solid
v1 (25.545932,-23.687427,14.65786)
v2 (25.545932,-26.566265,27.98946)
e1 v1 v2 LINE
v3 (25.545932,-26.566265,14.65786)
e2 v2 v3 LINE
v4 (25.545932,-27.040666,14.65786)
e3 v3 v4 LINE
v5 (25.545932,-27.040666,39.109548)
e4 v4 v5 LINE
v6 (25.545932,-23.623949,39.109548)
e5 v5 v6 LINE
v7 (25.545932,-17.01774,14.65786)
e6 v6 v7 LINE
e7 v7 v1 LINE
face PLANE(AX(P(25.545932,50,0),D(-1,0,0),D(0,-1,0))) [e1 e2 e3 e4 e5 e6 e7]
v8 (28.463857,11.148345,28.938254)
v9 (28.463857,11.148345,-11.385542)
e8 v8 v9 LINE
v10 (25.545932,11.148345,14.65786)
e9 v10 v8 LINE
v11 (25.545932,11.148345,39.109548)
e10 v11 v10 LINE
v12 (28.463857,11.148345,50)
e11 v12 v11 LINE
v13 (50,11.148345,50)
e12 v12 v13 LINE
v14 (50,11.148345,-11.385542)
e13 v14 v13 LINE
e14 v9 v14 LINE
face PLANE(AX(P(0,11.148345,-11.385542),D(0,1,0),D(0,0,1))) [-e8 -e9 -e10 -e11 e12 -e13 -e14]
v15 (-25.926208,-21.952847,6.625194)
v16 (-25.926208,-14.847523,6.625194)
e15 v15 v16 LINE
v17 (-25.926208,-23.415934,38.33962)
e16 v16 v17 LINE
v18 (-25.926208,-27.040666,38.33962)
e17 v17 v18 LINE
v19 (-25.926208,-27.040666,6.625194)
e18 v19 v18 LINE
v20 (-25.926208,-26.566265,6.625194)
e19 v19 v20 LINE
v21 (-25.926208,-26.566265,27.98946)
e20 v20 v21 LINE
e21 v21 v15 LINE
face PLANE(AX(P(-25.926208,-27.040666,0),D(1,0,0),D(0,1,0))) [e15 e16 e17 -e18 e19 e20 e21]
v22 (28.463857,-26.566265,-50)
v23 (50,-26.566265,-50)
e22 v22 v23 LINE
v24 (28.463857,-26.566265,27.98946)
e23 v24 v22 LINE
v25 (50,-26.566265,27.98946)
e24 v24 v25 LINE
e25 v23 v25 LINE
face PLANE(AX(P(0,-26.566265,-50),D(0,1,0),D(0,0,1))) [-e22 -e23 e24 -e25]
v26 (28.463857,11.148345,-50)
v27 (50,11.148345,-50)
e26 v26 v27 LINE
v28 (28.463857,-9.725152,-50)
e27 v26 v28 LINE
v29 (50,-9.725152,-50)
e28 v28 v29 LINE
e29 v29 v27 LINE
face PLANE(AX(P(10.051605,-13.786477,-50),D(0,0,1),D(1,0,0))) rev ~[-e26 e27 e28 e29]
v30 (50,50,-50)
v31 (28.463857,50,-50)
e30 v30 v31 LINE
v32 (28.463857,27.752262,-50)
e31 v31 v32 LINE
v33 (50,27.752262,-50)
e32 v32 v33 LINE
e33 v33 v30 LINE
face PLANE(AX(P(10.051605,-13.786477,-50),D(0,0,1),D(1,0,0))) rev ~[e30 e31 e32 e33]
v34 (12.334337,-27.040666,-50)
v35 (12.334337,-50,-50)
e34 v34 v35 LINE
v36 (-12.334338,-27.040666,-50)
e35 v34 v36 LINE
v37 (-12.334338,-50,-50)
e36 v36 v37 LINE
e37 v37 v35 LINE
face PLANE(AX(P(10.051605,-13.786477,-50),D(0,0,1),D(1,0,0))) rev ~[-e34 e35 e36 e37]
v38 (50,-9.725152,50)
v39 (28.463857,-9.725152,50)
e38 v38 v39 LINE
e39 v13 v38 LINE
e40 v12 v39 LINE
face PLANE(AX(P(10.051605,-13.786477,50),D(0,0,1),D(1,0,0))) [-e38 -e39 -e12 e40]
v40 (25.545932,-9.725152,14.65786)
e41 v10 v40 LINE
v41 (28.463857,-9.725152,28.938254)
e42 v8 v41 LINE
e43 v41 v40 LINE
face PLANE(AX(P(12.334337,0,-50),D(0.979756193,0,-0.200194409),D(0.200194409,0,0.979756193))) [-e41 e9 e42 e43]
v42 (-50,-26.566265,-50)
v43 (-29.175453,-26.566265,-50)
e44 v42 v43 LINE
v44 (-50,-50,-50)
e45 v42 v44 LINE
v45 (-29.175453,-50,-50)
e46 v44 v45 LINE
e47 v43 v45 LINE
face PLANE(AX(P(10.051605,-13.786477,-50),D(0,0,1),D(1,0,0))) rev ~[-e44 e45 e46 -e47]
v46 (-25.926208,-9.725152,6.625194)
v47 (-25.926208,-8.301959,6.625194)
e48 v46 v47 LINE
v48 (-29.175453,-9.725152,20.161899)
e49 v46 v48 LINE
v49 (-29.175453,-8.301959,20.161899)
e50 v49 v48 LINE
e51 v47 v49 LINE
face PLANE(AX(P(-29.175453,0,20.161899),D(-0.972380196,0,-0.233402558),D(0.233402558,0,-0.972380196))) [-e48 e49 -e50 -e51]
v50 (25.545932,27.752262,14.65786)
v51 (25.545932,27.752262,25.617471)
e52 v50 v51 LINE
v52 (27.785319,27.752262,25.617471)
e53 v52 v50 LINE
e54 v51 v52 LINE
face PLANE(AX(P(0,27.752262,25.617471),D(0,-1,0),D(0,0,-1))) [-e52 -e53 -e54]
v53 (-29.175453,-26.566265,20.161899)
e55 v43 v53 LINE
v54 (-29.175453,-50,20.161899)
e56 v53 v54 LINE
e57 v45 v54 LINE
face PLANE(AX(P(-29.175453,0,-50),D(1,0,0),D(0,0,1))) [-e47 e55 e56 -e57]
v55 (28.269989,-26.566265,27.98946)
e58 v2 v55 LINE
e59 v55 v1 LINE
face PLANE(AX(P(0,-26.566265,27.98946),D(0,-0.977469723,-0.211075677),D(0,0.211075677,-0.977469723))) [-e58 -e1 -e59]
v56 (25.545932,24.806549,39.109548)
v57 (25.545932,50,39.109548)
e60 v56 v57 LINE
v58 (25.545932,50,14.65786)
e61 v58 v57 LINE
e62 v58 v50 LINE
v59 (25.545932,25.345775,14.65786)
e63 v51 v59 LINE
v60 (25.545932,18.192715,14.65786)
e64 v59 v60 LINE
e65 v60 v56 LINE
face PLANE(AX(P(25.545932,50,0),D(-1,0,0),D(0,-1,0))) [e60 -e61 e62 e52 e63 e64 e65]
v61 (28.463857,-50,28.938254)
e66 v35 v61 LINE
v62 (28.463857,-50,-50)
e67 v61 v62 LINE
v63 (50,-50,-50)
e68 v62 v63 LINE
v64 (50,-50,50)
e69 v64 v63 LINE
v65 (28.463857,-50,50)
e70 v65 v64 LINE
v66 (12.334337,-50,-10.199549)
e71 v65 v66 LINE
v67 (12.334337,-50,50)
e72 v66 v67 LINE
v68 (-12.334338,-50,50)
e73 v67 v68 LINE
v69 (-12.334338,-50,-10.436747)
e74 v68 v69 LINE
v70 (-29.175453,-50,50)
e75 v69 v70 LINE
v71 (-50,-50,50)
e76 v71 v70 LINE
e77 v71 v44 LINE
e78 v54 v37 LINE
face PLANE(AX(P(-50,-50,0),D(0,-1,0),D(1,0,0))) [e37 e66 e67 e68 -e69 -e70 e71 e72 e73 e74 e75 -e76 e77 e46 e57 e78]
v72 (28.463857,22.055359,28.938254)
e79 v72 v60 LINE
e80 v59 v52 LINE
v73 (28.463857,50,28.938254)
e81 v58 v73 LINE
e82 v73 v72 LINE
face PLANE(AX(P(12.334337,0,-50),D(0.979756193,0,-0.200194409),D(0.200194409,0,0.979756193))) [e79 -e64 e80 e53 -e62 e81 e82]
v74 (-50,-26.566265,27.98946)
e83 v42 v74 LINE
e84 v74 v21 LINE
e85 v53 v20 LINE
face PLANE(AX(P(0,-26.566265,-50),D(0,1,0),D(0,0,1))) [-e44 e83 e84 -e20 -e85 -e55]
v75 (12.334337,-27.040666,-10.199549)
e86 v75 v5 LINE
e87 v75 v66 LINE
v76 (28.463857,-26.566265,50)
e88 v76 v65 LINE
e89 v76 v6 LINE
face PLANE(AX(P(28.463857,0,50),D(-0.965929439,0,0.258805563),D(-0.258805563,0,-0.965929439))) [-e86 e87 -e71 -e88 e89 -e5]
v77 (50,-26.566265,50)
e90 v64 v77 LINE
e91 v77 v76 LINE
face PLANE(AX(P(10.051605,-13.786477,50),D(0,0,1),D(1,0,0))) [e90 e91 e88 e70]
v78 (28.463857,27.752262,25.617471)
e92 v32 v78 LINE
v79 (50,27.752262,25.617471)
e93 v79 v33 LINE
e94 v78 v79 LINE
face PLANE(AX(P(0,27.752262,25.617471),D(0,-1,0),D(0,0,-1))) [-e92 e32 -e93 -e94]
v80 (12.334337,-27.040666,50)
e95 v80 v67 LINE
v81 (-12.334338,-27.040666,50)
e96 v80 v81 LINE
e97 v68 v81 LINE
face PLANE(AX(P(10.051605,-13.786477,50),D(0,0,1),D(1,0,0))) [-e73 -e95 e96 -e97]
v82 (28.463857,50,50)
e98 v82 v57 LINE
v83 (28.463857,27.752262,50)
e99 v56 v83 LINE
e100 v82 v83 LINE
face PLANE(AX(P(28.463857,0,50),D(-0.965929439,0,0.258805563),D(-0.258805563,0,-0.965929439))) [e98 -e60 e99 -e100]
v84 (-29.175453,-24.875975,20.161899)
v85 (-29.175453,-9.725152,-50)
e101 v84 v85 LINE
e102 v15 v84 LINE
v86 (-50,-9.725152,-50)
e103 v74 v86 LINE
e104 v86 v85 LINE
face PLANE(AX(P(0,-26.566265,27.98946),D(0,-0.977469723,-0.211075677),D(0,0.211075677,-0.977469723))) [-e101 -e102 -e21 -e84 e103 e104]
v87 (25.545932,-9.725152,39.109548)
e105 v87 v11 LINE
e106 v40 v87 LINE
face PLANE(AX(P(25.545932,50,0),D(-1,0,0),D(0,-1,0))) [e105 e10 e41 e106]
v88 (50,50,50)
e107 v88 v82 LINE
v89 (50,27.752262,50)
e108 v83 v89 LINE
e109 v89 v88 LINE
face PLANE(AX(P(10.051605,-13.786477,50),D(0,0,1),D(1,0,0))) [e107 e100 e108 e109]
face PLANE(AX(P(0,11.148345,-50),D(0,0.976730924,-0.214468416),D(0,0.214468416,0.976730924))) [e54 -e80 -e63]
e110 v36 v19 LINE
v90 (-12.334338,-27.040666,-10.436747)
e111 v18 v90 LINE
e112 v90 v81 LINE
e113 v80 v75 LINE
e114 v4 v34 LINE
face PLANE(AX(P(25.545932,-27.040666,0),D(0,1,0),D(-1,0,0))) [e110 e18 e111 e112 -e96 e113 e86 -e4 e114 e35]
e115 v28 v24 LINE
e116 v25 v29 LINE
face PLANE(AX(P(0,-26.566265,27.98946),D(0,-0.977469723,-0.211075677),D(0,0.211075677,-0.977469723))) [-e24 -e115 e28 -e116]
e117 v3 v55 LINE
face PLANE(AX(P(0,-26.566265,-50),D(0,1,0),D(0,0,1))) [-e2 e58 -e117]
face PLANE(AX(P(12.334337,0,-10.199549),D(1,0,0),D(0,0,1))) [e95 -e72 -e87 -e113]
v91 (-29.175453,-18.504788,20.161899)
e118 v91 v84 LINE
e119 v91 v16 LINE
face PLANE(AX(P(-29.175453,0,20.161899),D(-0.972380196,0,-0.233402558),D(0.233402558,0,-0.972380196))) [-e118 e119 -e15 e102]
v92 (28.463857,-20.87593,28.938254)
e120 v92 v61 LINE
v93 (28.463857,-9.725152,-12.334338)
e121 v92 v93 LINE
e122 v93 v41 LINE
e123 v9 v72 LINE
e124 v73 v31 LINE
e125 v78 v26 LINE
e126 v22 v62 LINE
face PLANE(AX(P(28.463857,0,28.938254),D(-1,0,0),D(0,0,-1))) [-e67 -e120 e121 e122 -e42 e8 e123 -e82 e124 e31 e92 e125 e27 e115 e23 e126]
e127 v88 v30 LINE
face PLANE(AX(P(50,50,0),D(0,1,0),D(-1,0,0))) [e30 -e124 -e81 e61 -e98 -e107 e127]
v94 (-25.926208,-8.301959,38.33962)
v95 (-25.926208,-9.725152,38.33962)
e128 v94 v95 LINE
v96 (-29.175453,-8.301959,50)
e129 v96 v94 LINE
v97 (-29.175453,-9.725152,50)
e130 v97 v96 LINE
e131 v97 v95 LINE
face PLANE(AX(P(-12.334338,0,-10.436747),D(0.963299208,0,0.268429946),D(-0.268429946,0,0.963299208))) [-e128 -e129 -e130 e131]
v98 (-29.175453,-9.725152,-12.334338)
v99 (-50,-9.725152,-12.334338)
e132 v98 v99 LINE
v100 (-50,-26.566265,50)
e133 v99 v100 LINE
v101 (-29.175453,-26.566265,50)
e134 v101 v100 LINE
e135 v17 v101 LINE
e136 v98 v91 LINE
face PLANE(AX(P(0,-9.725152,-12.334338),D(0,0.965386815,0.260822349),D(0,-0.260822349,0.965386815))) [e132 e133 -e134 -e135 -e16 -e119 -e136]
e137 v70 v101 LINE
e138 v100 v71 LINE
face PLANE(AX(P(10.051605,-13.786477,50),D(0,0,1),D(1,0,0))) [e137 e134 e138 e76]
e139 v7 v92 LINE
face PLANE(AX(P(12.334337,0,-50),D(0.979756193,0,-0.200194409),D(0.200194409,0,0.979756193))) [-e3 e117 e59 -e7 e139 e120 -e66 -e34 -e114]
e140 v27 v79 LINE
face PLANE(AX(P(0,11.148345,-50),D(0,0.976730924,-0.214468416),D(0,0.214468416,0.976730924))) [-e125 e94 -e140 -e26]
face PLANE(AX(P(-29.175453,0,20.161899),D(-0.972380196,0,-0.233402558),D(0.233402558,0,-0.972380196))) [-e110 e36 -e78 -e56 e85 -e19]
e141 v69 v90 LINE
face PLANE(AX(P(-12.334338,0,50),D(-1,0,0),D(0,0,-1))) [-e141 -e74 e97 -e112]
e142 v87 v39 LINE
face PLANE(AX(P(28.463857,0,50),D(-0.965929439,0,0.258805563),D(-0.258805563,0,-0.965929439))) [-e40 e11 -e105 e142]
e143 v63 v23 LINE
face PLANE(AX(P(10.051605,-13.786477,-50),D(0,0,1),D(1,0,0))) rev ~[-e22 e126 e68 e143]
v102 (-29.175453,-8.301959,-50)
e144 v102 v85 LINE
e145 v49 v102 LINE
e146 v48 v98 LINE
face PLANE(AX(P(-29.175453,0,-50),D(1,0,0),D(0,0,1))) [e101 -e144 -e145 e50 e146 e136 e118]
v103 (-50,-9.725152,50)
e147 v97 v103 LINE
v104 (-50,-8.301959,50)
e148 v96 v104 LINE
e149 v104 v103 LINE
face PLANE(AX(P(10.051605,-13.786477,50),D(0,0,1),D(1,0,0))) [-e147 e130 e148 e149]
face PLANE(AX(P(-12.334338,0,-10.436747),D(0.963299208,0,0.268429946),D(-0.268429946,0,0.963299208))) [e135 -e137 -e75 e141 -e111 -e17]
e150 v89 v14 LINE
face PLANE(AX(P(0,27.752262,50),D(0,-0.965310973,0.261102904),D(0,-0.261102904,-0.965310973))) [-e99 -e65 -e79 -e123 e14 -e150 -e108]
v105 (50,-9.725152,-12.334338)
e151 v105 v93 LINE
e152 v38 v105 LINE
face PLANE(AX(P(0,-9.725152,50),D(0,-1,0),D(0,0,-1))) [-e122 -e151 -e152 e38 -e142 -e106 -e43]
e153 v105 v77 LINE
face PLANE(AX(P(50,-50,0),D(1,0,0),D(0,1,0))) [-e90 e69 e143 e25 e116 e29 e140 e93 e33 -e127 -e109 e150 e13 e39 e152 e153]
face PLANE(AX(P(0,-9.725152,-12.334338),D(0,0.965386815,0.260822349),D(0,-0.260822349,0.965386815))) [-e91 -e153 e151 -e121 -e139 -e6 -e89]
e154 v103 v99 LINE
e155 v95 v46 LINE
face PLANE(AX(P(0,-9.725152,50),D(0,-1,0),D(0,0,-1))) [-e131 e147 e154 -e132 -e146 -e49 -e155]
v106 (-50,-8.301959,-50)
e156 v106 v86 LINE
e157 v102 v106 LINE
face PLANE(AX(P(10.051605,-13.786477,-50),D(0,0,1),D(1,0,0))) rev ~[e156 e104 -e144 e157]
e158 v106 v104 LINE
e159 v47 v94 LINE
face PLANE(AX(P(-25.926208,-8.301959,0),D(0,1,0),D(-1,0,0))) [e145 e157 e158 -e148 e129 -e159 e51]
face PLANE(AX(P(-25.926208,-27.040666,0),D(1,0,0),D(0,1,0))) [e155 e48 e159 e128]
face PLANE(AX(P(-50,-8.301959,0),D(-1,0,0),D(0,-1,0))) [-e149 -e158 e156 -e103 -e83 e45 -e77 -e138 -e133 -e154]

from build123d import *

# Parameters (mm, degrees)
F3_DEPTH = 50
F4_DEPTH = 50
F5_DEPTH = 50


with BuildPart() as f3:
    # F0 (on Top) → F3 (new body, symmetric)
    with BuildSketch(Plane.XY):
        Polygon((50, -27.040666), (50, 50), (25.545932, 50), (25.545932, -27.040666), (-25.926208, -27.040666), (-25.926208, -8.301959), (-50, -8.301959), (-50, -27.040666), (-50, -50), (-25.926208, -50), (25.545932, -50), (50, -50), align=None)
    extrude(amount=F3_DEPTH, both=True)

    # F1 (on Front) → F4 (intersect, symmetric)
    with BuildSketch(Plane.XZ):
        Polygon((-29.175453, 50), (-50, 50), (-50, -50), (-29.175453, -50), (-29.175453, 20.161899), (-12.334338, -50), (12.334337, -50), (28.463857, 28.938254), (28.463857, -50), (50, -50), (50, 50), (28.463857, 50), (12.334337, -10.199549), (12.334337, 50), (-12.334338, 50), (-12.334338, -10.436747), align=None)
    extrude(amount=F4_DEPTH, both=True, mode=Mode.INTERSECT)

    # F2 (on Right) → F5 (intersect, symmetric)
    with BuildSketch(Plane.YZ):
        Polygon((-26.566265, 50), (-50, 50), (-50, -50), (-26.566265, -50), (-26.566265, 27.98946), (-9.725152, -50), (11.148345, -50), (27.752262, 25.617471), (27.752262, -50), (50, -50), (50, 50), (27.752262, 50), (11.148345, -11.385542), (11.148345, 50), (-9.725152, 50), (-9.725152, -12.334338), align=None)
    extrude(amount=F5_DEPTH, both=True, mode=Mode.INTERSECT)


solid = f3.part
